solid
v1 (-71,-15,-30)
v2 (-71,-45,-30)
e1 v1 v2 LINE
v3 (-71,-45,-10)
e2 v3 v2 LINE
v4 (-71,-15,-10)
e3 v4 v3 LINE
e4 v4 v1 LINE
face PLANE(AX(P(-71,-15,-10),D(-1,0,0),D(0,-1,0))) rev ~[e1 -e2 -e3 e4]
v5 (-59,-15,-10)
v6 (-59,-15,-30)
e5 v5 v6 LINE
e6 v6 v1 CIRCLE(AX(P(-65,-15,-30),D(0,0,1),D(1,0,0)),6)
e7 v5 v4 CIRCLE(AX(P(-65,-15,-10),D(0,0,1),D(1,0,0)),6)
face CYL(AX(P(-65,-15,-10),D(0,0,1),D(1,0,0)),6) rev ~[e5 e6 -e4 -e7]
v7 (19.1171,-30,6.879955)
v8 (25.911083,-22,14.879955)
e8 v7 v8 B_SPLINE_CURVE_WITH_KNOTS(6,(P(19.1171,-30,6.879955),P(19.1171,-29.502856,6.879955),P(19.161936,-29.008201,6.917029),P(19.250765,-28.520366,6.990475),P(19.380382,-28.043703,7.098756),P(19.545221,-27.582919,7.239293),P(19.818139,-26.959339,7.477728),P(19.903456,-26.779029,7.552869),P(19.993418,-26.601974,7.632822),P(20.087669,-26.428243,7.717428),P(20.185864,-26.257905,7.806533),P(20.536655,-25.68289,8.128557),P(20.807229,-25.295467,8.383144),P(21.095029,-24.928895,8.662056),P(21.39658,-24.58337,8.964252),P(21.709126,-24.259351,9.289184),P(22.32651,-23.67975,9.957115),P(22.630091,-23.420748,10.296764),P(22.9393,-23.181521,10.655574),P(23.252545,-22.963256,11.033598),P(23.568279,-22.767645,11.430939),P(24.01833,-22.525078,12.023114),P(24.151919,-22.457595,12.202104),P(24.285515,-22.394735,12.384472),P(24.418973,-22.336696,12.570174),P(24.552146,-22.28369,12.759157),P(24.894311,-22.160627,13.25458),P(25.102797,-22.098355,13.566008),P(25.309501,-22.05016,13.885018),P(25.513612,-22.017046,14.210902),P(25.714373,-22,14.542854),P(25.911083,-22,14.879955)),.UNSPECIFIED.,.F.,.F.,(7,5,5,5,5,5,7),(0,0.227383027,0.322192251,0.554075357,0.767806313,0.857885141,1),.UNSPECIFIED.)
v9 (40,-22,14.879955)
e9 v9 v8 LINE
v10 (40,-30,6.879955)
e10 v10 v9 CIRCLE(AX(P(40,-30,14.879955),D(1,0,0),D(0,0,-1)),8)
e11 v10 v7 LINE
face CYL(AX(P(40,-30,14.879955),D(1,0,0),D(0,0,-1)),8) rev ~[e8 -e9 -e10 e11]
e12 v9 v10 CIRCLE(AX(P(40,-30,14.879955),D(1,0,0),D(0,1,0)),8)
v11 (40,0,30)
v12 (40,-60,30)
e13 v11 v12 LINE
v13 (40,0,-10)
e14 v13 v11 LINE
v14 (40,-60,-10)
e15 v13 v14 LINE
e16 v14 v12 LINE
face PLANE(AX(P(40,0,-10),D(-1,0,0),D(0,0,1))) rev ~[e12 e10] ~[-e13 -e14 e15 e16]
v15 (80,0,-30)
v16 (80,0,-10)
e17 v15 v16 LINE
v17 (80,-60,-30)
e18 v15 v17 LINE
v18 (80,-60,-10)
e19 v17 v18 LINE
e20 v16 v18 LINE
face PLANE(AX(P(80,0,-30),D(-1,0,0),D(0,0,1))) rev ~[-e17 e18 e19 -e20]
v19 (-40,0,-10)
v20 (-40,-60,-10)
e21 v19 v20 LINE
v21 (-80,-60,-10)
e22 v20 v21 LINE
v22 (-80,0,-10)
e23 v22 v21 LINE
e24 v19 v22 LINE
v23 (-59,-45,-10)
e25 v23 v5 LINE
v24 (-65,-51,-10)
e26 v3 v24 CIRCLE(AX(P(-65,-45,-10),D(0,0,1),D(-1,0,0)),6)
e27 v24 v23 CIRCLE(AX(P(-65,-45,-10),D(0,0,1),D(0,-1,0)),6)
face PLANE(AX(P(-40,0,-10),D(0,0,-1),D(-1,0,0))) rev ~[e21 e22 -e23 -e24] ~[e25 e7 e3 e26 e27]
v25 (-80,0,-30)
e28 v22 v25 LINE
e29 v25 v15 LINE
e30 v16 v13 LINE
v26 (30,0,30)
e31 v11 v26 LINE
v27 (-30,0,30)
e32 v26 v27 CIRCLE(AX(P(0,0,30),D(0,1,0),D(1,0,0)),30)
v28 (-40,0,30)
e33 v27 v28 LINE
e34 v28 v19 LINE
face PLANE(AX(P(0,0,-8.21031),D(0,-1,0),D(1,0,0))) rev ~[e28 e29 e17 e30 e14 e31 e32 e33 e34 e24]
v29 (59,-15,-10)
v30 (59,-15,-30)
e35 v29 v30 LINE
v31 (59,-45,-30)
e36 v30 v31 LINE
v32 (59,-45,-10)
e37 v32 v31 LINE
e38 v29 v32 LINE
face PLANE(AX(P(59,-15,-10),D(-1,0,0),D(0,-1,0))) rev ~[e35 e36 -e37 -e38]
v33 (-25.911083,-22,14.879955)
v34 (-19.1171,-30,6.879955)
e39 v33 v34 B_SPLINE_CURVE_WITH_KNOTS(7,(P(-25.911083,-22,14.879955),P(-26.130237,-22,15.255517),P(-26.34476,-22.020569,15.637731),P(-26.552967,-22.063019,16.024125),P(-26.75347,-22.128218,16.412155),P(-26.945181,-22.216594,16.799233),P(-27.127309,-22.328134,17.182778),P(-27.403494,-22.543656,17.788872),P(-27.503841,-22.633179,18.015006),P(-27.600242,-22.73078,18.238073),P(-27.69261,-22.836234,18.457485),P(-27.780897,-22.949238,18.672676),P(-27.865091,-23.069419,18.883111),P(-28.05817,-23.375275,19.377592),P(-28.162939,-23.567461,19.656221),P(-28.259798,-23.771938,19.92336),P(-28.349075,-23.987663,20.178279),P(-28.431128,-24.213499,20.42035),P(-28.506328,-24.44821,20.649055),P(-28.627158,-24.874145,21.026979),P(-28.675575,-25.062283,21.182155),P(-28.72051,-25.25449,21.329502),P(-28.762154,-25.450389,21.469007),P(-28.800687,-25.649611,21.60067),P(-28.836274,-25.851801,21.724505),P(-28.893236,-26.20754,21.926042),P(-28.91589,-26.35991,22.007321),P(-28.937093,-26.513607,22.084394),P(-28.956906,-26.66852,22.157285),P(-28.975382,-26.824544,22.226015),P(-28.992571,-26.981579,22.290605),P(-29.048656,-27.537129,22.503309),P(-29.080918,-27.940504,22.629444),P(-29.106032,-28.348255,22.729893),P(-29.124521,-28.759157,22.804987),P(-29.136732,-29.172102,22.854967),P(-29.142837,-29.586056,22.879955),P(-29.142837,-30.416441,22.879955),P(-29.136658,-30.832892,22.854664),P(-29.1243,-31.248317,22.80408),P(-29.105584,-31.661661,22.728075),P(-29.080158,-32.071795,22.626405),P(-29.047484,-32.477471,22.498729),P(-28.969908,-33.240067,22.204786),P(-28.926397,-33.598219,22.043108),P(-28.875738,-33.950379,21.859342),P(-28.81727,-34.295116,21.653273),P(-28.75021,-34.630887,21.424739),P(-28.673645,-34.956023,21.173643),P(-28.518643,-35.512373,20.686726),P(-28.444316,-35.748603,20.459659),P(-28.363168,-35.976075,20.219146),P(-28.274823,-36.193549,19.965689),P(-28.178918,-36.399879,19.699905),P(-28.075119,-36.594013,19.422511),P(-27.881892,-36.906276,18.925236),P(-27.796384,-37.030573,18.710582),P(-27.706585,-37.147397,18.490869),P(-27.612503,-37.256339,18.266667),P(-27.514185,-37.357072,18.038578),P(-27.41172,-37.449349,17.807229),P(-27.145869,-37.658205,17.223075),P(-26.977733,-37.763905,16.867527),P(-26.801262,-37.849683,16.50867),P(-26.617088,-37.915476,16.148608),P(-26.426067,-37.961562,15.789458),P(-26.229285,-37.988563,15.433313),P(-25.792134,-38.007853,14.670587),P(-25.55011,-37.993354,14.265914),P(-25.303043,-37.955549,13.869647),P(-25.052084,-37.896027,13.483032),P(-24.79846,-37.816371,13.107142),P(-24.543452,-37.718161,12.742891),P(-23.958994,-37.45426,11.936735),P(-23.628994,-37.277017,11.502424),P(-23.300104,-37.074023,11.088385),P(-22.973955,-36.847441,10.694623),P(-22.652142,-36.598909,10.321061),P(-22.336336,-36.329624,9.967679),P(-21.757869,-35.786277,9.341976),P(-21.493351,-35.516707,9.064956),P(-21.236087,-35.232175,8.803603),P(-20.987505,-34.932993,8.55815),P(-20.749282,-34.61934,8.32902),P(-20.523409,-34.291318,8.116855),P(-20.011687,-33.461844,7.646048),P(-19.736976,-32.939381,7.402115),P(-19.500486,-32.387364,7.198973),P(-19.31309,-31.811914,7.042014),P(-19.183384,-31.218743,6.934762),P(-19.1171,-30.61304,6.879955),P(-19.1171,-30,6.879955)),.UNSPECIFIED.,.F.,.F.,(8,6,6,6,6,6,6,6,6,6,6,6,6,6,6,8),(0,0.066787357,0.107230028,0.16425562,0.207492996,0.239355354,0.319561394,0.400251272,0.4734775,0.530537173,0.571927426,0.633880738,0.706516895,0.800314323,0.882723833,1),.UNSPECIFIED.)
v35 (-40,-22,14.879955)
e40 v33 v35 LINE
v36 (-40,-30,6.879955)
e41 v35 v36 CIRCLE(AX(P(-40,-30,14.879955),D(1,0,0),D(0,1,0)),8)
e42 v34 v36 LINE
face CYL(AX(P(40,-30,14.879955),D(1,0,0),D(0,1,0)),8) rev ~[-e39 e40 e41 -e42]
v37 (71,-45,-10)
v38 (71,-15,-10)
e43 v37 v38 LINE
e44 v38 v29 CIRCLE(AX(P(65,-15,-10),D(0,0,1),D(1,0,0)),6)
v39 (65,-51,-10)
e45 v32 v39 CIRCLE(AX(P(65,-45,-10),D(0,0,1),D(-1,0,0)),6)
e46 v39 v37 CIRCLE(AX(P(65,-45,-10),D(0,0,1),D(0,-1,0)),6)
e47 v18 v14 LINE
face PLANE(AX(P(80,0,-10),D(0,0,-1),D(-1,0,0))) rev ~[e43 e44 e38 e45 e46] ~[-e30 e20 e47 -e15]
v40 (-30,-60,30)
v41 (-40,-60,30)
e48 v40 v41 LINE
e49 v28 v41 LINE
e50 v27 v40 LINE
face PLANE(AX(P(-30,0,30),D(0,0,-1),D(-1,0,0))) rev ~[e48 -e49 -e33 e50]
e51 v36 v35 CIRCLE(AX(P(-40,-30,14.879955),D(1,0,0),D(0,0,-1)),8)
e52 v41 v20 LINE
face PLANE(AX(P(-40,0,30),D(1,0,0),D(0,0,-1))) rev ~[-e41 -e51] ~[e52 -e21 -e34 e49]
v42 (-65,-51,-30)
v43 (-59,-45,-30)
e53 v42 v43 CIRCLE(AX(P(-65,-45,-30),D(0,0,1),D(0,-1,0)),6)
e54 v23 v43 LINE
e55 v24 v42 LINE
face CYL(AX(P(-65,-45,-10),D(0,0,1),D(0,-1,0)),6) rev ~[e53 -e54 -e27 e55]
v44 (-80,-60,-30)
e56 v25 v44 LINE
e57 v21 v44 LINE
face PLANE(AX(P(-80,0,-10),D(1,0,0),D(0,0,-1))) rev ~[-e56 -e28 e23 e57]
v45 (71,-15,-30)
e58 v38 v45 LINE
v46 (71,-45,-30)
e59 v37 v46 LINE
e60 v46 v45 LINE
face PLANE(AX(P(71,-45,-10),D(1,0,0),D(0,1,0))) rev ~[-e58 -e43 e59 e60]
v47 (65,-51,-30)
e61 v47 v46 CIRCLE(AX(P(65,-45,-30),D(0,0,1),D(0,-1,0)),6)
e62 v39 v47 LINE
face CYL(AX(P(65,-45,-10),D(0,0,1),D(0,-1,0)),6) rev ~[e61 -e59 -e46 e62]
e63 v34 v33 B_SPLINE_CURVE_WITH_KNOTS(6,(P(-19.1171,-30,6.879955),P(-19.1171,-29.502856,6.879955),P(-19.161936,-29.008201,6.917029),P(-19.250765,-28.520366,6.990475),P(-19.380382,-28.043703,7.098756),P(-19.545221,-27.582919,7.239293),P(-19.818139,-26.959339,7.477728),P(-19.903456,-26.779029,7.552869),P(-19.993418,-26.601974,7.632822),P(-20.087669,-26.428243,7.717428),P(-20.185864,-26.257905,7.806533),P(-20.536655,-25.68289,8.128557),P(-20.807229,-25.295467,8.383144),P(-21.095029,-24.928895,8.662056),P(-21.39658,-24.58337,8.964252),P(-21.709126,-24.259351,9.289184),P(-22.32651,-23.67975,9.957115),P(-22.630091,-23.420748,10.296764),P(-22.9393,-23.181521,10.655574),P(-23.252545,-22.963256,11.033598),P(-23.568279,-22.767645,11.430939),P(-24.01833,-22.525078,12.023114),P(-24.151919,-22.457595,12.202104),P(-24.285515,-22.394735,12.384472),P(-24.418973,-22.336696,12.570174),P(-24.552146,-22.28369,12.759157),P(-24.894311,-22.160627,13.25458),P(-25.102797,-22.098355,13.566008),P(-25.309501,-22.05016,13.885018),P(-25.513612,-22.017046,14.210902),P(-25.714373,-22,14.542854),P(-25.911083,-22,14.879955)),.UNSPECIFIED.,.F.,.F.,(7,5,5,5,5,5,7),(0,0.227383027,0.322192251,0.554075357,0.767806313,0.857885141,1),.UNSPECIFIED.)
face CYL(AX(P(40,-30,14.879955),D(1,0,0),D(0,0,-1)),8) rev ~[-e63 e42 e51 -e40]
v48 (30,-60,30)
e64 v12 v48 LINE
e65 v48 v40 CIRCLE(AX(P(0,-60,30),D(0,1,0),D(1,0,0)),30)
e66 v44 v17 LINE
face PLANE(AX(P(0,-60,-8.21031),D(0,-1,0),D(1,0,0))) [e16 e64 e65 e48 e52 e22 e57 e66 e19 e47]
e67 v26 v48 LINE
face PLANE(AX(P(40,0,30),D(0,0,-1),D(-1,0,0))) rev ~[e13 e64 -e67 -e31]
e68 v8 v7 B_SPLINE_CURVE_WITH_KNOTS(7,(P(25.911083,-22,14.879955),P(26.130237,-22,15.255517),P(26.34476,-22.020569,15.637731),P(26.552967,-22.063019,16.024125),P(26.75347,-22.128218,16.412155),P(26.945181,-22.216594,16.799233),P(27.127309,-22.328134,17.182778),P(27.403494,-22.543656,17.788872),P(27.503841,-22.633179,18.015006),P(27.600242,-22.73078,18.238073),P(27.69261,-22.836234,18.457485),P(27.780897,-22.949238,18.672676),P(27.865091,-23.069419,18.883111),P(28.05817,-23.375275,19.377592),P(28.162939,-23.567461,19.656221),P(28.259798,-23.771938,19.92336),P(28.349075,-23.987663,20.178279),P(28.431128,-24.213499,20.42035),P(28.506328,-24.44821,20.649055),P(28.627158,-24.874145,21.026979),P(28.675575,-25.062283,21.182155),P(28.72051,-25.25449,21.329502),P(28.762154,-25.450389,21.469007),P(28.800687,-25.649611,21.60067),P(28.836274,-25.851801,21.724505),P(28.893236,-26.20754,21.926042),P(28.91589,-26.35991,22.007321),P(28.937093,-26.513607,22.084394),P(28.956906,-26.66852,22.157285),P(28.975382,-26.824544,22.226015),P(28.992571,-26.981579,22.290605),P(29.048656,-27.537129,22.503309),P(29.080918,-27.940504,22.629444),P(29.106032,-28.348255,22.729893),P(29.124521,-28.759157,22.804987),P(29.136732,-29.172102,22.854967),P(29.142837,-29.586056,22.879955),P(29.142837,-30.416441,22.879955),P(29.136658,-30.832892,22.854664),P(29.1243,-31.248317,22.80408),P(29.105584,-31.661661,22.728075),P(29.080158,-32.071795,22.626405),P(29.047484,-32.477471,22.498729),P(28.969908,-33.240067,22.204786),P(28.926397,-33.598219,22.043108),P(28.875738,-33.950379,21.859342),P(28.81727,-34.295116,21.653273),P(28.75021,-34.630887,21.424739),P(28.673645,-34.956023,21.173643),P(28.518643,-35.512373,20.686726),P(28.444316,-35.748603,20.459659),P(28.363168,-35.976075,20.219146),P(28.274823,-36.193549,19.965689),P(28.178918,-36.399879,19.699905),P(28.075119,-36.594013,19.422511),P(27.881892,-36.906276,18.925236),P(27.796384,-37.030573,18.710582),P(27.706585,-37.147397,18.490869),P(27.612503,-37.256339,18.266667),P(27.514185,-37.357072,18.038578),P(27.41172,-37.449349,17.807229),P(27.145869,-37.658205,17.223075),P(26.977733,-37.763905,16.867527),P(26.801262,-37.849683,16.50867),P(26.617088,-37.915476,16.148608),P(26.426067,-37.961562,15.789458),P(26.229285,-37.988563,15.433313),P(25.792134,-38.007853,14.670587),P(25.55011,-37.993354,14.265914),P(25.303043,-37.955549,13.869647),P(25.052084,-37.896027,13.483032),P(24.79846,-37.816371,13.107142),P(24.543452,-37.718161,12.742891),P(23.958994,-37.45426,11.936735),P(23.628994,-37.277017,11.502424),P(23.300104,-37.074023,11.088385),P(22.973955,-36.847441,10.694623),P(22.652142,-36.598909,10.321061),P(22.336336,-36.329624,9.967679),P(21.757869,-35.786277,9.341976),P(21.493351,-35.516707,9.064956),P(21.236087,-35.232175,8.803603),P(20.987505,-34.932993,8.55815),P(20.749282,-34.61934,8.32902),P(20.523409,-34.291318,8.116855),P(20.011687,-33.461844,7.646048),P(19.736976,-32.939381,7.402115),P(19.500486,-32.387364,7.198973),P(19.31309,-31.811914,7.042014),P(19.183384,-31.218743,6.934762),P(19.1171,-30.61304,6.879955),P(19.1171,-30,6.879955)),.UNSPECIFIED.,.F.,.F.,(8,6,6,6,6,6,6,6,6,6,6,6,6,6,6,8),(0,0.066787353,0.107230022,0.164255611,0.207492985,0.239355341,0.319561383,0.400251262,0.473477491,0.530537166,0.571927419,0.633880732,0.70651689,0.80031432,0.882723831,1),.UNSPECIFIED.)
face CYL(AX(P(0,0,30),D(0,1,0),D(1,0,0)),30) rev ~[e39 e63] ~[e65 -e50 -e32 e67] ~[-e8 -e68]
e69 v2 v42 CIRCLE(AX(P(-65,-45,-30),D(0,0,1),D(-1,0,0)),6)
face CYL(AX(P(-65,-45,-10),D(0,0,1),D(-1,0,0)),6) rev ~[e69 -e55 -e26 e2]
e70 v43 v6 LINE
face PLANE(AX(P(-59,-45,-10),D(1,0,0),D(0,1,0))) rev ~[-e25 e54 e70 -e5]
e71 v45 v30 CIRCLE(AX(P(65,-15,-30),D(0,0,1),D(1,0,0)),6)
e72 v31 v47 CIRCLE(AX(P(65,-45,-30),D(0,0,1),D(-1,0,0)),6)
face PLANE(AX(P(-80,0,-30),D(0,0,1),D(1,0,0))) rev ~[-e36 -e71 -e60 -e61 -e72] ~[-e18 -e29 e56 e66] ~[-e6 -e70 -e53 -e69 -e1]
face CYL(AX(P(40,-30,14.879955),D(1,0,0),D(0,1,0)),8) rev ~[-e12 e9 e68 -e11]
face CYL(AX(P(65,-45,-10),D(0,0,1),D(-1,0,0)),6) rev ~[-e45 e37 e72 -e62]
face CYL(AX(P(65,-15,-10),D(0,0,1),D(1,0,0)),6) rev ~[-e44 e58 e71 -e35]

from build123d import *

# Parameters (mm, degrees)
F1_DEPTH = 60
F3_DEPTH = 120.001
F5_DEPTH = 20.001


with BuildPart() as f1:
    # F0 (on Front) → F1 (new body)
    with BuildSketch(Plane.XZ):
        with BuildLine():
            Line((-80, -10), (-80, -30))
            Line((-80, -30), (80, -30))
            Line((80, -30), (80, -10))
            Line((80, -10), (40, -10))
            Line((40, -10), (40, 30))
            Line((40, 30), (30, 30))
            ThreePointArc((30, 30), (0, 0), (-30, 30))
            Line((-30, 30), (-40, 30))
            Line((-40, 30), (-40, -10))
            Line((-40, -10), (-80, -10))
        make_face()
    extrude(amount=F1_DEPTH)

    # F2 (on face) → F3 (cut, through all)
    with BuildSketch(Plane.YZ.offset(40)):
        with BuildLine():
            ThreePointArc((-30, 6.8799550533), (-24.3431457505, 9.2231008038), (-22, 14.8799550533))
            ThreePointArc((-22, 14.8799550533), (-35.6568542495, 20.5368093028), (-30, 6.8799550533))
        make_face()
    extrude(amount=-F3_DEPTH, mode=Mode.SUBTRACT)

    # F4 (on face) → F5 (cut, through all)
    with BuildSketch(Plane.XY.offset(-10)):
        with BuildLine():
            ThreePointArc((59, -45), (60.7573593129, -49.2426406871), (65, -51))
            Line((65, -51), (65, -45))
            Line((65, -45), (59, -45))
        make_face()
        with BuildLine():
            Line((65, -45), (65, -51))
            ThreePointArc((65, -51), (69.2426406871, -49.2426406871), (71, -45))
            Line((71, -45), (65, -45))
        make_face()
        with BuildLine():
            ThreePointArc((-71, -45), (-69.2426406871, -49.2426406871), (-65, -51))
            Line((-65, -51), (-65, -45))
            Line((-65, -45), (-71, -45))
        make_face()
        with BuildLine():
            Line((-65, -45), (-65, -51))
            ThreePointArc((-65, -51), (-60.7573593129, -49.2426406871), (-59, -45))
            Line((-59, -45), (-65, -45))
        make_face()
        with BuildLine():
            Line((-71, -45), (-65, -45))
            Line((-65, -45), (-65, -39))
            ThreePointArc((-65, -39), (-69.2426406871, -40.7573593129), (-71, -45))
        make_face()
        with BuildLine():
            Line((-65, -39), (-65, -45))
            Line((-65, -45), (-59, -45))
            ThreePointArc((-59, -45), (-60.7573593129, -40.7573593129), (-65, -39))
        make_face()
        with BuildLine():
            Line((-71, -15), (-71, -45))
            ThreePointArc((-71, -45), (-69.2426406871, -40.7573593129), (-65, -39))
            ThreePointArc((-65, -39), (-60.7573593129, -40.7573593129), (-59, -45))
            Line((-59, -45), (-59, -15))
            ThreePointArc((-59, -15), (-65, -21), (-71, -15))
        make_face()
        with BuildLine():
            Line((59, -45), (65, -45))
            Line((65, -45), (65, -39))
            ThreePointArc((65, -39), (60.7573593129, -40.7573593129), (59, -45))
        make_face()
        with BuildLine():
            Line((65, -39), (65, -45))
            Line((65, -45), (71, -45))
            ThreePointArc((71, -45), (69.2426406871, -40.7573593129), (65, -39))
        make_face()
        with BuildLine():
            Line((59, -15), (59, -45))
            ThreePointArc((59, -45), (60.7573593129, -40.7573593129), (65, -39))
            ThreePointArc((65, -39), (69.2426406871, -40.7573593129), (71, -45))
            Line((71, -45), (71, -15))
            ThreePointArc((71, -15), (65, -21), (59, -15))
        make_face()
        with BuildLine():
            ThreePointArc((-59, -15), (-65, -9), (-71, -15))
            Line((-71, -15), (-59, -15))
        make_face()
        with BuildLine():
            Line((-59, -15), (-71, -15))
            ThreePointArc((-71, -15), (-65, -21), (-59, -15))
        make_face()
        with BuildLine():
            ThreePointArc((71, -15), (65, -9), (59, -15))
            Line((59, -15), (71, -15))
        make_face()
        with BuildLine():
            Line((71, -15), (59, -15))
            ThreePointArc((59, -15), (65, -21), (71, -15))
        make_face()
    extrude(amount=-F5_DEPTH, mode=Mode.SUBTRACT)


solid = f1.part
